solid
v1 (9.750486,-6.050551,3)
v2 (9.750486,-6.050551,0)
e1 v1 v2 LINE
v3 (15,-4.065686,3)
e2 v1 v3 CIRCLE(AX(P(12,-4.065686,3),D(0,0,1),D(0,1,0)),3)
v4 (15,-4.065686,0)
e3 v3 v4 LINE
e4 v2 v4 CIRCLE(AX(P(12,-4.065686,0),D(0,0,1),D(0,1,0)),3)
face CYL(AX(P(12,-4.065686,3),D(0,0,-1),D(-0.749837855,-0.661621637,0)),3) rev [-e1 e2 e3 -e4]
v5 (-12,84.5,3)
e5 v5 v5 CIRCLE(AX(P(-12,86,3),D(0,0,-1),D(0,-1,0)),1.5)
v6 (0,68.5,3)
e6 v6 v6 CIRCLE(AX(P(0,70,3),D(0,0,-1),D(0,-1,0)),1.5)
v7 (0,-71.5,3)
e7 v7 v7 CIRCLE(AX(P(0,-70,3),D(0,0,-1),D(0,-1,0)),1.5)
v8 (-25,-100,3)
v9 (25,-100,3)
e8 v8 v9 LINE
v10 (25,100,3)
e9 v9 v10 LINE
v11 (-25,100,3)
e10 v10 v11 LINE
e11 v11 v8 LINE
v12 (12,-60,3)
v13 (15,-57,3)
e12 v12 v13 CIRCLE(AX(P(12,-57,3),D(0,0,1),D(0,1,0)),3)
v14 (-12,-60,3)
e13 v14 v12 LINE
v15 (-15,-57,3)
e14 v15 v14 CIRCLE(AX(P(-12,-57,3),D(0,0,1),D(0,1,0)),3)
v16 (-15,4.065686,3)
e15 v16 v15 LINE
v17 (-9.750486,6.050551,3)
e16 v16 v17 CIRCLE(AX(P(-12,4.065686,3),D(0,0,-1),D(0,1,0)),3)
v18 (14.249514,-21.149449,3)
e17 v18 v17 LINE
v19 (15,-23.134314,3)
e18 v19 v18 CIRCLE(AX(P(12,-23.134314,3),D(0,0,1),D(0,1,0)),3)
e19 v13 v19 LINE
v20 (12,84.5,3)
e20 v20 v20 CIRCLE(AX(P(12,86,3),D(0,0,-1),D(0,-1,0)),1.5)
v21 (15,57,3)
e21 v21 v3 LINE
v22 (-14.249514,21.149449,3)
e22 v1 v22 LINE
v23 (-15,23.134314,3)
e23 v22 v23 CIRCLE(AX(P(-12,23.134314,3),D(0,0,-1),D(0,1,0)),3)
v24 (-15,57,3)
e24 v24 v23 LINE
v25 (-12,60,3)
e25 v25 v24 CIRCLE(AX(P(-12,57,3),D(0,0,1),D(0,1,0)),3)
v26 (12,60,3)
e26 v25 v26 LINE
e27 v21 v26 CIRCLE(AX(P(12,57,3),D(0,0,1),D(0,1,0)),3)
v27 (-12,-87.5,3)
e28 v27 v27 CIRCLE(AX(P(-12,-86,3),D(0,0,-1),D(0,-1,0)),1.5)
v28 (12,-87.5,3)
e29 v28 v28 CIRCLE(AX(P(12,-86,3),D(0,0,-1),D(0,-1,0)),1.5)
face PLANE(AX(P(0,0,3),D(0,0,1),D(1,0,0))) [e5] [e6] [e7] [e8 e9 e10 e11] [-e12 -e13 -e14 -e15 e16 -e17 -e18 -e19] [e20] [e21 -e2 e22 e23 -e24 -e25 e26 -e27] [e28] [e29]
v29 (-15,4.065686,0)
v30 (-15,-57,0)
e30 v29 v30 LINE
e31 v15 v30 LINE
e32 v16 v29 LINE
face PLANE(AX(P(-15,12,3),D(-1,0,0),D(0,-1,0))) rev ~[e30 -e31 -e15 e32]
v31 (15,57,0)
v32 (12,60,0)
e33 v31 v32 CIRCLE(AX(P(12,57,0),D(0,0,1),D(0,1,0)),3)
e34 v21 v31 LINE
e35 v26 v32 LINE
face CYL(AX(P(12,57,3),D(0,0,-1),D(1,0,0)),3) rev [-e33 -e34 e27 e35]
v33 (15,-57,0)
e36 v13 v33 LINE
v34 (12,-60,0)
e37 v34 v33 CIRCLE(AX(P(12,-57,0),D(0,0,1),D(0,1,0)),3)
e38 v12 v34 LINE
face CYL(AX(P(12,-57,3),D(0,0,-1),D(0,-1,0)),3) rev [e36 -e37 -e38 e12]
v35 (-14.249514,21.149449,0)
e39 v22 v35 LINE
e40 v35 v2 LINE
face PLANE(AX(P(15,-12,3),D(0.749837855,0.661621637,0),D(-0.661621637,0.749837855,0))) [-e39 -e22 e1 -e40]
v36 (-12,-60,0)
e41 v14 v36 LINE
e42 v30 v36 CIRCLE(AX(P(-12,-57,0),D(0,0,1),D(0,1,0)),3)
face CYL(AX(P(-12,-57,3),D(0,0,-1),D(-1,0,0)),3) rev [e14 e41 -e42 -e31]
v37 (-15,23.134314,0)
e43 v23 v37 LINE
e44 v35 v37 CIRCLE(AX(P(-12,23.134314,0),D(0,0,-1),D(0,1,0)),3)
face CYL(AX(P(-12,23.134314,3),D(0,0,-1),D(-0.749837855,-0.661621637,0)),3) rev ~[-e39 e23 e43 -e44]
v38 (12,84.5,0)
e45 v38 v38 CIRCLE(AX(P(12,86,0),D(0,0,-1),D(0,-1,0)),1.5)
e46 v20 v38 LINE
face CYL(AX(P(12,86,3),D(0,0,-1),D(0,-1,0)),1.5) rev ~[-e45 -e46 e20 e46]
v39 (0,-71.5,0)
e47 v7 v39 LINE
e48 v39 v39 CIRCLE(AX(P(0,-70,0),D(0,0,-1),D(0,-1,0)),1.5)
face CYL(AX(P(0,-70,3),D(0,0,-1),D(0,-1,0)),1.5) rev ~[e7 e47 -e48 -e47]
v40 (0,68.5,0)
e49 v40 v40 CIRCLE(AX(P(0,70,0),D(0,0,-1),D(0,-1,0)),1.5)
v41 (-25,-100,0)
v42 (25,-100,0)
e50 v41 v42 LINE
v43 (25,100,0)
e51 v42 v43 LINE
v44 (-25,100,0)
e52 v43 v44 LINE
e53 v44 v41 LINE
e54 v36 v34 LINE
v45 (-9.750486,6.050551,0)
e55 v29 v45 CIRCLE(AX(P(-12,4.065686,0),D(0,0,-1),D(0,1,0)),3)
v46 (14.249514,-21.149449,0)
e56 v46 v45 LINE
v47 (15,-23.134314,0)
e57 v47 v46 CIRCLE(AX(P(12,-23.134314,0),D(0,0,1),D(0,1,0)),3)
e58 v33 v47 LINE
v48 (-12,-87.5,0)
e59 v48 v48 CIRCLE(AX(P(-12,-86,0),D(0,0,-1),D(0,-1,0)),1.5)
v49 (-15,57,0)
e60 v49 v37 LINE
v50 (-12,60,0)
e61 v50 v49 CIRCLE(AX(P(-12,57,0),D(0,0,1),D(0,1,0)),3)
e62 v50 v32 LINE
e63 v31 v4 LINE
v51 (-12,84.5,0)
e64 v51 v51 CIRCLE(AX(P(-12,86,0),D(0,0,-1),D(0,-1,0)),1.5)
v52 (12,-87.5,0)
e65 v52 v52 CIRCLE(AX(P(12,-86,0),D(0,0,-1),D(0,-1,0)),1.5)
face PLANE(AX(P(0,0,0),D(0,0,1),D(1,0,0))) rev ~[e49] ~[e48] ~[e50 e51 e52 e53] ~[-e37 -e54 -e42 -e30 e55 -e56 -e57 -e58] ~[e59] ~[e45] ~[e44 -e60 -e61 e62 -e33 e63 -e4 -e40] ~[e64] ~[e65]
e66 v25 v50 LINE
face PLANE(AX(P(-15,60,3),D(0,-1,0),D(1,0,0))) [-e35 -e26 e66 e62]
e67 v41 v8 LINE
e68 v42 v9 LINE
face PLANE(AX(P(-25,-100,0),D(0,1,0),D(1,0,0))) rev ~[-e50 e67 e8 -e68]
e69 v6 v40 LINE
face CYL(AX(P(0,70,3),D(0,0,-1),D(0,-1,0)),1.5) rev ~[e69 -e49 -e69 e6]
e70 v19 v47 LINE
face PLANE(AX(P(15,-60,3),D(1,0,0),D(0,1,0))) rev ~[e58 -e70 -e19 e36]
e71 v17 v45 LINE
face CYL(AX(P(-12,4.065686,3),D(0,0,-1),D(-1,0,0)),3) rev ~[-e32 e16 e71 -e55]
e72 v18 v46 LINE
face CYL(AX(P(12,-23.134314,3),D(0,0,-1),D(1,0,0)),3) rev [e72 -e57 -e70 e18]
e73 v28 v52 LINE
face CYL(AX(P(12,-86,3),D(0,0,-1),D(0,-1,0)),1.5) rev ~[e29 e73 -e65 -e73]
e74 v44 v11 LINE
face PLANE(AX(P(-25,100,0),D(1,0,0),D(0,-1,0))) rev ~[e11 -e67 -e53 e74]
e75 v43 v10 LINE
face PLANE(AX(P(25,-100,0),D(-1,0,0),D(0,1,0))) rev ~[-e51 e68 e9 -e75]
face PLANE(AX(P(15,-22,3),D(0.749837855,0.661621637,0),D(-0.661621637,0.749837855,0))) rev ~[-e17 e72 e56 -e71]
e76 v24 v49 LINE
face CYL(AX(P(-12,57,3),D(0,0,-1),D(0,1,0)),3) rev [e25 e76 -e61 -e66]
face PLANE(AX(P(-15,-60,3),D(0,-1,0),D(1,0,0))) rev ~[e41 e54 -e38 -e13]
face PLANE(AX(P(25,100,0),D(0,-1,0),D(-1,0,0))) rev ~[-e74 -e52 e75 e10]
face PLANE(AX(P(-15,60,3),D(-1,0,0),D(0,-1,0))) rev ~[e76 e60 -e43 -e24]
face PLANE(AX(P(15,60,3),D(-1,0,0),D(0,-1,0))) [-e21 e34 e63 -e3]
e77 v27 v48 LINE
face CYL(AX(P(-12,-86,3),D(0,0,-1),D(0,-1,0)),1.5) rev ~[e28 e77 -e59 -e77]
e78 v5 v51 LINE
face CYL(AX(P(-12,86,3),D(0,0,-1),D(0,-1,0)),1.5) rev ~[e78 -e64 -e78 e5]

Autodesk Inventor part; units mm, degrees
ref_plane "YZ Plane" through (0, 0, 0) normal (1, 0, 0) x (0, 1, 0)
ref_plane "XZ Plane" through (0, 0, 0) normal (0, 1, 0) x (-1, 0, 0)
ref_plane "XY Plane" through (0, 0, 0) normal (0, 0, 1) x (1, 0, 0)
sketch "Szkic1" plane through (0, 0, 0) normal (0, 0, 1) x (1, 0, 0)
  line L0 (-25, -100) -> (25, -100)
  line L1 (25, -100) -> (25, 100)
  line L2 (25, 100) -> (-25, 100)
  line L3 (-25, 100) -> (-25, -100)
  line L4 (-25, -100) -> (25, 100) construction
  line L5 (25, -100) -> (-25, 100) construction
  point P0 (0, 0)
  dimension "d0" = 50
  dimension "d1" = 200
extrude "Wyciągnięcie proste1" add sketch "Szkic1" along normal blind 3
sketch "Szkic3" plane through (0, 0, 3) normal (0, 0, 1) x (1, 0, 0)
  line L0 (-25, -100) -> (25, -100) projected
  line L1 (25, 100) -> (-25, 100) projected
  line L2 (0, 100) -> (0, -100) construction
  line L3 (-25, 100) -> (-25, -100) projected
  line L4 (-25, 0) -> (25, 0) construction
  point P0 (0, 0)
  point P1 (-12, -86)
  point P2 (12, -86)
  point P3 (0, -70)
  point P4 (-12, 86)
  point P5 (12, 86)
  point P6 (0, 70)
  dimension "d21" = 14
  dimension "d22" = 14
  dimension "d23" = 24
  dimension "d24" = 12
  dimension "d25" = 30
hole "Otwór1" at (-12, -86, 3) at (12, -86, 3) at (0, -70, 3) at (0, 70, 3) at (12, 86, 3) at (-12, 86, 3) direction (0, 0, -1) diameter 3 depth 8 tip angle 118
sketch "Szkic4" plane through (0, 0, 3) normal (0, 0, 1) x (1, 0, 0)
  line L0 (-25, 100) -> (-25, -100) projected
  line L1 (25, -100) -> (25, 100) projected
  line L2 (15, -12) -> (0, 5)
  line L3 (-15, 60) -> (-15, 22)
  line L4 (0, 5) -> (-15, 22)
  line L5 (-15, 60) -> (15, 60)
  line L6 (25, -100) -> (25, 100) projected
  line L7 (15, 60) -> (15, -12)
  line L8 (-15, -60) -> (15, -60)
  line L9 (15, -60) -> (15, -22)
  line L10 (15, -22) -> (-15, 12)
  line L11 (-15, 12) -> (-15, -60)
  point P0 (0, 0)
  dimension "d33" = 10
  dimension "d34" = 10
  dimension "d35" = 60
  dimension "d36" = 60
  dimension "d37" = 5
  dimension "d38" = 25
  dimension "d39" = 10
  dimension "d40" = 12
  dimension "d41" = 10
  dimension "d42" = 10
  dimension "d43" = 10
  dimension "d44" = 10
  dimension "d45" = 60
  dimension "d46" = 60
extrude "Wyciągnięcie proste3" cut sketch "Szkic4" against normal blind 3
fillet "Zaokrąglenie1" radius 3 8 edges at (15, -12, 1.5) (-15, 22, 1.5) (15, 60, 1.5) (-15, 60, 1.5) (-15, 12, 1.5) (15, -22, 1.5) (-15, -60, 1.5) (15, -60, 1.5)
properties part number "Bok" material "Aluminium 6061"
